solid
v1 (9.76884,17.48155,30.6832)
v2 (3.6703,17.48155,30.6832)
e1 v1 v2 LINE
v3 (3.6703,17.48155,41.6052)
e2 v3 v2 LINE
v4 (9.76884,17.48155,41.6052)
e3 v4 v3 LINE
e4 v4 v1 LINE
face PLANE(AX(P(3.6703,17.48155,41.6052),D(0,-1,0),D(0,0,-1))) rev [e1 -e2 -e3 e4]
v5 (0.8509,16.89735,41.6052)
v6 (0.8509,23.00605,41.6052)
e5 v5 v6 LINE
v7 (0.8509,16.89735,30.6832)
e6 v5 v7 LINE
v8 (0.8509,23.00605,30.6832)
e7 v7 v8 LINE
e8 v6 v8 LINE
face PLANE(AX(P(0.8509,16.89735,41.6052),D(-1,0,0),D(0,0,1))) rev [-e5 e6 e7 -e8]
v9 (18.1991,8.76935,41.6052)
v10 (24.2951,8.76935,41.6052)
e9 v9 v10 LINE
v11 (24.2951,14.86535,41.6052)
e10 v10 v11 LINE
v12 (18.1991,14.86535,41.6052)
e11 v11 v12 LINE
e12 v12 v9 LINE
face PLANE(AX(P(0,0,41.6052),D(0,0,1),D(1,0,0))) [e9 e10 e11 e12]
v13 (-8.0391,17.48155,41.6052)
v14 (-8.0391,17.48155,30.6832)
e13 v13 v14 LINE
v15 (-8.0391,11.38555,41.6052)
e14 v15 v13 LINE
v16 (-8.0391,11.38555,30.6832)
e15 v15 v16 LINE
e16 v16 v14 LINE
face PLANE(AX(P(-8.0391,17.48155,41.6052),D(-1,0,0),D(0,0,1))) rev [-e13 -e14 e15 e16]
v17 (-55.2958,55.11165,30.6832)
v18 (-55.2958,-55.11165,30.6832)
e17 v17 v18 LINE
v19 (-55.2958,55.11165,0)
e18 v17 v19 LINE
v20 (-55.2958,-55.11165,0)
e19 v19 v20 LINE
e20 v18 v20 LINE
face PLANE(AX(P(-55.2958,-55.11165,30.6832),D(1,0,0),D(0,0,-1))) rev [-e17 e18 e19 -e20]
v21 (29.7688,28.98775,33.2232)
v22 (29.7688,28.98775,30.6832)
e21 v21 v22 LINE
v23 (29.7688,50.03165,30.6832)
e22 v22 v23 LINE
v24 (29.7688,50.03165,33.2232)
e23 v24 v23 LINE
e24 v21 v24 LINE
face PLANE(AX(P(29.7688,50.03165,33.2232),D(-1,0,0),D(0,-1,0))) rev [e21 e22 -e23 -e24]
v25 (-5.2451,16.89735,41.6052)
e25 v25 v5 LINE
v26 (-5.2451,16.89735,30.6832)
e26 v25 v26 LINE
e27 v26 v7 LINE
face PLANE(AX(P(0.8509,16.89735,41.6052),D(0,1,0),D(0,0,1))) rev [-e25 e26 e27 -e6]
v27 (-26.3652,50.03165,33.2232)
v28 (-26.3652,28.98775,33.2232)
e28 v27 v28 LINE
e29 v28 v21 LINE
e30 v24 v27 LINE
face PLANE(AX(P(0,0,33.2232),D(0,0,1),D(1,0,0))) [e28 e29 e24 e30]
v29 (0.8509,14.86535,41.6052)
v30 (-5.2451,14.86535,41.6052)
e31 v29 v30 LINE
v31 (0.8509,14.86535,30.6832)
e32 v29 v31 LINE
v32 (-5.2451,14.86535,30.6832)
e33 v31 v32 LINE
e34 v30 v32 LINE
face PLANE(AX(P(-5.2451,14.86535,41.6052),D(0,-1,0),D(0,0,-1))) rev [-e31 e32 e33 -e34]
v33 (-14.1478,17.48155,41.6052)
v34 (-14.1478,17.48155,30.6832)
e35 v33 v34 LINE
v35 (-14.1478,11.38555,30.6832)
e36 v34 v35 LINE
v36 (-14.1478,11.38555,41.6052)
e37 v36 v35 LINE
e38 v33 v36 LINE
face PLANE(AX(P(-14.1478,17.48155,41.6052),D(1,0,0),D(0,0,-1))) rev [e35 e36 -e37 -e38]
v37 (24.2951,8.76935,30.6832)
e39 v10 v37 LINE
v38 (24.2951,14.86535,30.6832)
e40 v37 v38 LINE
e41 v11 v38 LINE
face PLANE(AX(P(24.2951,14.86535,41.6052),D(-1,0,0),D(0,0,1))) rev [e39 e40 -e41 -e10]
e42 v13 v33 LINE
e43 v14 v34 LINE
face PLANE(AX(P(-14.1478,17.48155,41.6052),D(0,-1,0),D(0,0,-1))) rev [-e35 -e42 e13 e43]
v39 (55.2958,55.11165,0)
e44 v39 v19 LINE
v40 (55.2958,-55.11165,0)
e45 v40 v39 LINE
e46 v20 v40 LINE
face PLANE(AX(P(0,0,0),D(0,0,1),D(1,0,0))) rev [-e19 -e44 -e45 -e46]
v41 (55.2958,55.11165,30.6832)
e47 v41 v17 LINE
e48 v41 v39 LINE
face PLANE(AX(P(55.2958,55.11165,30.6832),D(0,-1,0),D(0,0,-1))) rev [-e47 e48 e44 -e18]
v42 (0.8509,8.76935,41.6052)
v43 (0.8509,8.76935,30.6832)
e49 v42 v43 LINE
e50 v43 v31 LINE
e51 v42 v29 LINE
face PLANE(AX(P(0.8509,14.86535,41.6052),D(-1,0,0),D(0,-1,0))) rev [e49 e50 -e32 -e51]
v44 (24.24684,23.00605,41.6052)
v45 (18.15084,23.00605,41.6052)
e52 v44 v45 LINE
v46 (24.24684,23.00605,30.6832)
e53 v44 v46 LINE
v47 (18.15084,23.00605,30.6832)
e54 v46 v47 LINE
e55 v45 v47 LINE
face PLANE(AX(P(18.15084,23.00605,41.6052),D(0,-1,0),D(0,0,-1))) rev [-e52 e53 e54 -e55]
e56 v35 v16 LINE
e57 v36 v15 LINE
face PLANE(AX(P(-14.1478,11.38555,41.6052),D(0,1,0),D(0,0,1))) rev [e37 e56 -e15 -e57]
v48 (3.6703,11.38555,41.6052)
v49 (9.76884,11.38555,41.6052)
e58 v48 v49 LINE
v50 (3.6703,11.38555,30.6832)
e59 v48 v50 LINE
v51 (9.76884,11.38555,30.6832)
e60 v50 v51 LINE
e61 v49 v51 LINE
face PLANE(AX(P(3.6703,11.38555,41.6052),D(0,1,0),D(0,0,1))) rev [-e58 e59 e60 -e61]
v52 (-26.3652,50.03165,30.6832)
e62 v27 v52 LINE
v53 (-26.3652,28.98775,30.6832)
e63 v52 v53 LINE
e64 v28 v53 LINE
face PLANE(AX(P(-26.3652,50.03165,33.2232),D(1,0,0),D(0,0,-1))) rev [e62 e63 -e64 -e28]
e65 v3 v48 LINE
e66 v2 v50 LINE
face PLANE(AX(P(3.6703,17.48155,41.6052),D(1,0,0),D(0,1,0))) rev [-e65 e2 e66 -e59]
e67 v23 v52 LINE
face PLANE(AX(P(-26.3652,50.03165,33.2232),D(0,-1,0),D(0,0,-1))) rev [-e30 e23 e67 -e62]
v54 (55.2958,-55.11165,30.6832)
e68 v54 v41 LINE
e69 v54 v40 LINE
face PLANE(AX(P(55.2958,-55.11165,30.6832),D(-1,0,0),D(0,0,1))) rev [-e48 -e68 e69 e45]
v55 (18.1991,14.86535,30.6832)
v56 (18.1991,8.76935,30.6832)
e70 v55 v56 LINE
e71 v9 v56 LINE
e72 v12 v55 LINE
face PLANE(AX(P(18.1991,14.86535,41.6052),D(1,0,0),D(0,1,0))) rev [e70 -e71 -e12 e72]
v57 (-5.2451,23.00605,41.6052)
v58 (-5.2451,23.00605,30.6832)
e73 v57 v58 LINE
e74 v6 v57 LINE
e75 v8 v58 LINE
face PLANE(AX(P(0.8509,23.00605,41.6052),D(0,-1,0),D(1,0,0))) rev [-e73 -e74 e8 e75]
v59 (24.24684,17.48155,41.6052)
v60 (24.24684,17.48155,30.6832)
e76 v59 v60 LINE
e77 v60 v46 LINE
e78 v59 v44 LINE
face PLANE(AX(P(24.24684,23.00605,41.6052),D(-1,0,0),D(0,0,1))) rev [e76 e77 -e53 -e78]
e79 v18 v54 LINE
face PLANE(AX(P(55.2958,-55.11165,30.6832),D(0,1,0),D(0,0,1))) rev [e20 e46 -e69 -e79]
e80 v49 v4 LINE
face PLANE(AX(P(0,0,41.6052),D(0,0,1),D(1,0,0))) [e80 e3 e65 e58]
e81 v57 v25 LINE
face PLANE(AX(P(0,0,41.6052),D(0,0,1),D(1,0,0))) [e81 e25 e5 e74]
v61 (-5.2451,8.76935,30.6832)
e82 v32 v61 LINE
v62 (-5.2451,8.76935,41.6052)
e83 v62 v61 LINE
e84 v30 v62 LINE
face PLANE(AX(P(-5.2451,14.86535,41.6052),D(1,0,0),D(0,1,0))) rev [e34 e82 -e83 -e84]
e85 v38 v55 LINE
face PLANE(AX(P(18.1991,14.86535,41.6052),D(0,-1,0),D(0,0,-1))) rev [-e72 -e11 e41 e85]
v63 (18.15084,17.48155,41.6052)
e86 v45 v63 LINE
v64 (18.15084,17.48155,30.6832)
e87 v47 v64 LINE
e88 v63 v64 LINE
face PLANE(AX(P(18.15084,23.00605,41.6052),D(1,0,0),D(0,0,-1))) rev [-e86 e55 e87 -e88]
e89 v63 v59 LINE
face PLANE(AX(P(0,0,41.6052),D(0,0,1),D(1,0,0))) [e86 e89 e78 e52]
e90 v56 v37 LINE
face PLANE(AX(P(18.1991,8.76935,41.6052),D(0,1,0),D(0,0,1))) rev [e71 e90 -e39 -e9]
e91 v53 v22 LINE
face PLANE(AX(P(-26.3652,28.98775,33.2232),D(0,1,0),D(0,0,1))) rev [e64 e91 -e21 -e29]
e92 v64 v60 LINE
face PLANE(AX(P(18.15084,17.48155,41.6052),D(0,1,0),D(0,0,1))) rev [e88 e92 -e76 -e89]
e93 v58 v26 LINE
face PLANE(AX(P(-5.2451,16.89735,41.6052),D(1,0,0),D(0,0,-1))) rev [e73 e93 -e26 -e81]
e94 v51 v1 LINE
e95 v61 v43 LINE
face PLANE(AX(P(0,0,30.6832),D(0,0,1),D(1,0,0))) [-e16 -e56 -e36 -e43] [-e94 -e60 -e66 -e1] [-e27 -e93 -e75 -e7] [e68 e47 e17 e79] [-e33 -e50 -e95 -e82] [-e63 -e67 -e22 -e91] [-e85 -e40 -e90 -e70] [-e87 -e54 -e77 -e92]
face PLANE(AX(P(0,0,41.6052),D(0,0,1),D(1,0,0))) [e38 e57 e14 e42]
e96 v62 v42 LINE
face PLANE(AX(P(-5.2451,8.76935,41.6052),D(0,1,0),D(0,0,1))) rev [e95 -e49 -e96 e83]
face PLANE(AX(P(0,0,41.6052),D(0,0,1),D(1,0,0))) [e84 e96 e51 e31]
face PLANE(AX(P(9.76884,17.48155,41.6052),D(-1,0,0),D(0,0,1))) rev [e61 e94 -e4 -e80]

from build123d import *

# Parameters (mm, degrees)
SKETCH1_W           = 110.5916
SKETCH1_H           = 110.2233
BOSS_EXTRUDE1_DEPTH = 30.6832
SKETCH3_W           = 56.134
SKETCH3_H           = 21.0439
BOSS_EXTRUDE2_DEPTH = 2.54
SKETCH6_W           = 6.096
SKETCH6_H           = 6.1087
SKETCH6_W_2         = 6.1087
SKETCH6_H_2         = 6.096
SKETCH6_W_3         = 6.09854
SKETCH6_H_3         = 5.5245
BOSS_EXTRUDE3_DEPTH = 10.922


with BuildPart() as part:
    # Sketch1 → Boss-Extrude1 (new body)
    with BuildSketch(Plane.XY):
        Rectangle(SKETCH1_W, SKETCH1_H)
    extrude(amount=BOSS_EXTRUDE1_DEPTH)

    # Sketch3 → Boss-Extrude2 (add)
    with BuildSketch(Plane.XY.offset(30.6832)):
        with Locations((1.7018, 39.5097)):
            Rectangle(SKETCH3_W, SKETCH3_H)
    extrude(amount=BOSS_EXTRUDE2_DEPTH)

    # Sketch6 → Boss-Extrude3 (add)
    with BuildSketch(Plane.XY.offset(30.6832)):
        with Locations((-2.1971, 19.9517)):
            Rectangle(SKETCH6_W, SKETCH6_H)
        with Locations((-11.09345, 14.43355)):
            Rectangle(SKETCH6_W_2, SKETCH6_H_2)
        with Locations((6.71957, 14.43355)):
            Rectangle(SKETCH6_W_3, SKETCH6_H_2)
        with Locations((-2.1971, 11.81735)):
            Rectangle(SKETCH6_W, SKETCH6_H_2)
        with Locations((21.19884, 20.2438)):
            Rectangle(SKETCH6_W, SKETCH6_H_3)
        with Locations((21.2471, 11.81735)):
            Rectangle(SKETCH6_W, SKETCH6_H_2)
    extrude(amount=BOSS_EXTRUDE3_DEPTH)


solid = part.part
